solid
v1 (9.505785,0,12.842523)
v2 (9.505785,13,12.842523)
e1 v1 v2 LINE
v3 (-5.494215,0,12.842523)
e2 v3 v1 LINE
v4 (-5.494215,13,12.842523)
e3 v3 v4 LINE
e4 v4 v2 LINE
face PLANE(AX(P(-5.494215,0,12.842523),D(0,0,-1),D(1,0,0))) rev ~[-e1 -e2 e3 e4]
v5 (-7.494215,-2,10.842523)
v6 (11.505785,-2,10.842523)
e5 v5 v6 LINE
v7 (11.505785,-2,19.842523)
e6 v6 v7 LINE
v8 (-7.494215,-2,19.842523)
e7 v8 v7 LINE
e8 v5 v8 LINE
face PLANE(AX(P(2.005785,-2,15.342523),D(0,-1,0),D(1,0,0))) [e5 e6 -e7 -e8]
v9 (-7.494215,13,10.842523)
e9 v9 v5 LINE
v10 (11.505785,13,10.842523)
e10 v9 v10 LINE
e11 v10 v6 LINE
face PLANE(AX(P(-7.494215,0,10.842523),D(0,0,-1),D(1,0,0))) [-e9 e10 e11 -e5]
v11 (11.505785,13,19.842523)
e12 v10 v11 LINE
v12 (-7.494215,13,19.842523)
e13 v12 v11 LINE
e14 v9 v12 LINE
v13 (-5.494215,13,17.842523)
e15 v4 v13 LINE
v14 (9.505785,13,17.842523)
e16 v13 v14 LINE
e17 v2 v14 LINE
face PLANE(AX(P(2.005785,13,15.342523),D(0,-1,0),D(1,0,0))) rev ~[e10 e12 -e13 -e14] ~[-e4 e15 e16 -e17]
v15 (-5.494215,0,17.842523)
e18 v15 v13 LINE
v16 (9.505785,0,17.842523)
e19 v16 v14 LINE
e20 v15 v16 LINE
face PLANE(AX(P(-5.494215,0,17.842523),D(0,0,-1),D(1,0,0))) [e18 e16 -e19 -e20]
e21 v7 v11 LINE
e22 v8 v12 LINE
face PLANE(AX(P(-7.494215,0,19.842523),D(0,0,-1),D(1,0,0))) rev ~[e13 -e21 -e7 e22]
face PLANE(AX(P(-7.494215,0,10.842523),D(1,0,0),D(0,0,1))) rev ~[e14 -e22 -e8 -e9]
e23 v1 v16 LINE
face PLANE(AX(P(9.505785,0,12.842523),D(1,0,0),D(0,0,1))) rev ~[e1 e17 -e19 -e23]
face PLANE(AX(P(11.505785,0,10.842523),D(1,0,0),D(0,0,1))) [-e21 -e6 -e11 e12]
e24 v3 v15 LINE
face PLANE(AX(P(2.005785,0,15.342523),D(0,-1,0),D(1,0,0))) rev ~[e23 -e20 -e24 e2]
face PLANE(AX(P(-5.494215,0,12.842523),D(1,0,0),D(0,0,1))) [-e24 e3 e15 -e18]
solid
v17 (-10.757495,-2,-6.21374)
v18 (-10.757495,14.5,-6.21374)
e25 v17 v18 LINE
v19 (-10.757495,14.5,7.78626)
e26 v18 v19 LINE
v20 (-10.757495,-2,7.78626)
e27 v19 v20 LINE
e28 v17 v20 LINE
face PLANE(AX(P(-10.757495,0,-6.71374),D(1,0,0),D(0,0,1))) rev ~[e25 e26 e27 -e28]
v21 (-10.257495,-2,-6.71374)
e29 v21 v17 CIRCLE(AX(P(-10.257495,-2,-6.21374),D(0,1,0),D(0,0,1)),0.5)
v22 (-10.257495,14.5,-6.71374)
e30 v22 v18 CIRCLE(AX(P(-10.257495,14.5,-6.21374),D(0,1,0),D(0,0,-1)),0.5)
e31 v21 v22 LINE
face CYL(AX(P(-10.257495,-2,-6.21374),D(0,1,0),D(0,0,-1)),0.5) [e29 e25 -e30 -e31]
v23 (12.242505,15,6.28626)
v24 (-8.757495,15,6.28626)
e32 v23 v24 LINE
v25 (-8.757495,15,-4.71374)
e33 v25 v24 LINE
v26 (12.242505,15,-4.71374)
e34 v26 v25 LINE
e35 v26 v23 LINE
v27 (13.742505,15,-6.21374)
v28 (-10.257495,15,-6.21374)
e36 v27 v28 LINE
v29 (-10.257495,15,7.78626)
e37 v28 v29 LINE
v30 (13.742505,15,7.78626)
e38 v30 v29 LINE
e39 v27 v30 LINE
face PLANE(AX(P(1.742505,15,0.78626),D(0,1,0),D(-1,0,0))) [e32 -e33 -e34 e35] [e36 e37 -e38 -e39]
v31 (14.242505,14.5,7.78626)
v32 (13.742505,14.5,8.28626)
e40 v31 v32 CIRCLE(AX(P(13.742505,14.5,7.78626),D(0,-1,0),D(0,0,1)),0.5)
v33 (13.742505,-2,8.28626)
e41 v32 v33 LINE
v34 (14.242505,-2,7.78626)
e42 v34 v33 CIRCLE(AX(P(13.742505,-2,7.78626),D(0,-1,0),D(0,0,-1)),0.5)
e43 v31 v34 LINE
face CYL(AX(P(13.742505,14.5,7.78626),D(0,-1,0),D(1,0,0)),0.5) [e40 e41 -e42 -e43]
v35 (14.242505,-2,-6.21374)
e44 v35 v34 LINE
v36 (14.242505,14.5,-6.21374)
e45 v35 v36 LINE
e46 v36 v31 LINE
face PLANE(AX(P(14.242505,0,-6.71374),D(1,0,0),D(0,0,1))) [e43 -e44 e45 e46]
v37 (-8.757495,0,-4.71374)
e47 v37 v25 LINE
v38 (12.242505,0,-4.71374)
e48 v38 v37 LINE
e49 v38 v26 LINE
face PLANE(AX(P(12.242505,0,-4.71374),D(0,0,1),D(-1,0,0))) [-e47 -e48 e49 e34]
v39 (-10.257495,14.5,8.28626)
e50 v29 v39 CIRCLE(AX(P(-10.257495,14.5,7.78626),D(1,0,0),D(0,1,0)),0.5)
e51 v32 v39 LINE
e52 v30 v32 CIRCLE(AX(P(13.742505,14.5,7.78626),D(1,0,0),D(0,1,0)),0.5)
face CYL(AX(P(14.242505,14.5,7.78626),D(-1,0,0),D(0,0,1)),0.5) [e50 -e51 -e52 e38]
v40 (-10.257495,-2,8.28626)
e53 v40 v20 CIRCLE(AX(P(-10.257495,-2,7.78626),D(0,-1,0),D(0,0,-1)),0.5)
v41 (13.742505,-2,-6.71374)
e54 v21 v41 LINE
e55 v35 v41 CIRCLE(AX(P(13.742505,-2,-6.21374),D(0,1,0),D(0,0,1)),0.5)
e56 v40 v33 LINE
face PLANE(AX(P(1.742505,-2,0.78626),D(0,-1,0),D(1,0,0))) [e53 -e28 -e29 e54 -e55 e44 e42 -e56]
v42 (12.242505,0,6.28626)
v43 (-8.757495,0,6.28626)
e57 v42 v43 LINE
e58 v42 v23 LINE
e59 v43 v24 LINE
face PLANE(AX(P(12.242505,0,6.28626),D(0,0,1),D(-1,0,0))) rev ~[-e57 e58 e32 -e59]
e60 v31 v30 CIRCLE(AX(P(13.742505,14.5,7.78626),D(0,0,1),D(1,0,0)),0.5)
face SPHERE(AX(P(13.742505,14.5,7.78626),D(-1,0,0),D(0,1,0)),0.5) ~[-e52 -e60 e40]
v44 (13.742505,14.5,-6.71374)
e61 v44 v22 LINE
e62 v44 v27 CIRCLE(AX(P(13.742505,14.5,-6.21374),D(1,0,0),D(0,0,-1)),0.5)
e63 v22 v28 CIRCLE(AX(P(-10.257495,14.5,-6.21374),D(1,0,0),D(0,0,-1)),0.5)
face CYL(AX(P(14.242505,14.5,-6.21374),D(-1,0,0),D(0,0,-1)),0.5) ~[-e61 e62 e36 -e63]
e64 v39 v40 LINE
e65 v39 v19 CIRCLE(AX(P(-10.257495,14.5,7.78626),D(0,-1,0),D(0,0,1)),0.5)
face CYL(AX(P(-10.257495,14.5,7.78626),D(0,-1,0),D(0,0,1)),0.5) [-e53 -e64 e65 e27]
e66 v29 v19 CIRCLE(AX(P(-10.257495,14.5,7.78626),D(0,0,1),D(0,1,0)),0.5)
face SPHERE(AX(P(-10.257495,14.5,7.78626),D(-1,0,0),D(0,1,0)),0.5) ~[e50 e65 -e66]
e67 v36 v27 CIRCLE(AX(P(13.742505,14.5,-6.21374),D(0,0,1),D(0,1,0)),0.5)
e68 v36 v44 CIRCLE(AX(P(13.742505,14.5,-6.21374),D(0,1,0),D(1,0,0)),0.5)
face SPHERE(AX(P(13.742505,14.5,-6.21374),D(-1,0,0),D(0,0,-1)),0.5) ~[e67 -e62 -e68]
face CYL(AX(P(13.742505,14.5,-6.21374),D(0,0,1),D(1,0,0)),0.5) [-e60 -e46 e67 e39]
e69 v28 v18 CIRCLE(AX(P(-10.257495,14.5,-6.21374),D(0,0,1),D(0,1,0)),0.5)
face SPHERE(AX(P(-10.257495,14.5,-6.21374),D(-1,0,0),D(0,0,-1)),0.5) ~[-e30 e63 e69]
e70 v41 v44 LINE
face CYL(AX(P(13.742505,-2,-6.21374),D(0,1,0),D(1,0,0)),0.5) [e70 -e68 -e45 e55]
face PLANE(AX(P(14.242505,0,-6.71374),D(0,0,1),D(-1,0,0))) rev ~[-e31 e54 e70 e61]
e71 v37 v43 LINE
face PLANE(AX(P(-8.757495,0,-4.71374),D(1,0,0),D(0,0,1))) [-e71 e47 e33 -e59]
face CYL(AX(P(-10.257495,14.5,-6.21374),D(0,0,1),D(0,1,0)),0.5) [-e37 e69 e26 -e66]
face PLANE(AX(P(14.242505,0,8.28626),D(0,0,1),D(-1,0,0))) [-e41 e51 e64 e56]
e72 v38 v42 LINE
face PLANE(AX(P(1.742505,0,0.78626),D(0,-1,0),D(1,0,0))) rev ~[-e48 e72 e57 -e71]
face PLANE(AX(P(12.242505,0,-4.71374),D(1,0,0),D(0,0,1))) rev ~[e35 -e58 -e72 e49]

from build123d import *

# Parameters (mm, degrees)
F0_W     = 25
F0_H     = 15
F1_DEPTH = 2
F2_W     = 25
F2_H     = 15
F2_W_2   = 21
F2_H_2   = 11
F3_DEPTH = 15
F4_R     = 0.5
F5_R     = 0.5
F6_W     = 19
F6_H     = 9
F7_DEPTH = 2
F8_W     = 19
F8_H     = 9
F8_W_2   = 15
F8_H_2   = 5
F9_DEPTH = 13


with BuildPart() as f1:
    # F0 (on Front) → F1 (new body)
    with BuildSketch(Plane.XZ):
        with Locations((1.742505, 0.78626)):
            Rectangle(F0_W, F0_H)
    extrude(amount=F1_DEPTH)

    # F2 (on face) → F3 (join)
    with BuildSketch(Plane(origin=(0, 0, 0), x_dir=(-1, 0, 0), z_dir=(0, 1, 0))):
        with Locations((-1.742505, 0.78626)):
            Rectangle(F2_W, F2_H)
        with Locations((-1.742505, 0.78626)):
            Rectangle(F2_W_2, F2_H_2, mode=Mode.SUBTRACT)
    extrude(amount=F3_DEPTH)

    # F4
    f4_edges = [f1.edges().sort_by_distance(p)[0] for p in [
        (1.742505, 15, 8.28626),
        (1.742505, 15, -6.71374),
    ]]
    fillet(f4_edges, radius=F4_R)

    # F5
    f5_edges = [f1.edges().sort_by_distance(p)[0] for p in [
        (14.242505, 15, 0.78626),
        (-10.757495, 15, 0.78626),
    ]]
    fillet(f5_edges, radius=F5_R)


with BuildPart() as f7:
    # F6 (on Front) → F7 (new body)
    with BuildSketch(Plane.XZ):
        with Locations((2.005785, 15.342523)):
            Rectangle(F6_W, F6_H)
    extrude(amount=F7_DEPTH)

    # F8 (on Front) → F9 (join)
    with BuildSketch(Plane.XZ):
        with Locations((2.005785, 15.342523)):
            Rectangle(F8_W, F8_H)
        with Locations((2.005785, 15.342523)):
            Rectangle(F8_W_2, F8_H_2, mode=Mode.SUBTRACT)
    extrude(amount=-F9_DEPTH)


solid = Compound([f1.part, f7.part])
